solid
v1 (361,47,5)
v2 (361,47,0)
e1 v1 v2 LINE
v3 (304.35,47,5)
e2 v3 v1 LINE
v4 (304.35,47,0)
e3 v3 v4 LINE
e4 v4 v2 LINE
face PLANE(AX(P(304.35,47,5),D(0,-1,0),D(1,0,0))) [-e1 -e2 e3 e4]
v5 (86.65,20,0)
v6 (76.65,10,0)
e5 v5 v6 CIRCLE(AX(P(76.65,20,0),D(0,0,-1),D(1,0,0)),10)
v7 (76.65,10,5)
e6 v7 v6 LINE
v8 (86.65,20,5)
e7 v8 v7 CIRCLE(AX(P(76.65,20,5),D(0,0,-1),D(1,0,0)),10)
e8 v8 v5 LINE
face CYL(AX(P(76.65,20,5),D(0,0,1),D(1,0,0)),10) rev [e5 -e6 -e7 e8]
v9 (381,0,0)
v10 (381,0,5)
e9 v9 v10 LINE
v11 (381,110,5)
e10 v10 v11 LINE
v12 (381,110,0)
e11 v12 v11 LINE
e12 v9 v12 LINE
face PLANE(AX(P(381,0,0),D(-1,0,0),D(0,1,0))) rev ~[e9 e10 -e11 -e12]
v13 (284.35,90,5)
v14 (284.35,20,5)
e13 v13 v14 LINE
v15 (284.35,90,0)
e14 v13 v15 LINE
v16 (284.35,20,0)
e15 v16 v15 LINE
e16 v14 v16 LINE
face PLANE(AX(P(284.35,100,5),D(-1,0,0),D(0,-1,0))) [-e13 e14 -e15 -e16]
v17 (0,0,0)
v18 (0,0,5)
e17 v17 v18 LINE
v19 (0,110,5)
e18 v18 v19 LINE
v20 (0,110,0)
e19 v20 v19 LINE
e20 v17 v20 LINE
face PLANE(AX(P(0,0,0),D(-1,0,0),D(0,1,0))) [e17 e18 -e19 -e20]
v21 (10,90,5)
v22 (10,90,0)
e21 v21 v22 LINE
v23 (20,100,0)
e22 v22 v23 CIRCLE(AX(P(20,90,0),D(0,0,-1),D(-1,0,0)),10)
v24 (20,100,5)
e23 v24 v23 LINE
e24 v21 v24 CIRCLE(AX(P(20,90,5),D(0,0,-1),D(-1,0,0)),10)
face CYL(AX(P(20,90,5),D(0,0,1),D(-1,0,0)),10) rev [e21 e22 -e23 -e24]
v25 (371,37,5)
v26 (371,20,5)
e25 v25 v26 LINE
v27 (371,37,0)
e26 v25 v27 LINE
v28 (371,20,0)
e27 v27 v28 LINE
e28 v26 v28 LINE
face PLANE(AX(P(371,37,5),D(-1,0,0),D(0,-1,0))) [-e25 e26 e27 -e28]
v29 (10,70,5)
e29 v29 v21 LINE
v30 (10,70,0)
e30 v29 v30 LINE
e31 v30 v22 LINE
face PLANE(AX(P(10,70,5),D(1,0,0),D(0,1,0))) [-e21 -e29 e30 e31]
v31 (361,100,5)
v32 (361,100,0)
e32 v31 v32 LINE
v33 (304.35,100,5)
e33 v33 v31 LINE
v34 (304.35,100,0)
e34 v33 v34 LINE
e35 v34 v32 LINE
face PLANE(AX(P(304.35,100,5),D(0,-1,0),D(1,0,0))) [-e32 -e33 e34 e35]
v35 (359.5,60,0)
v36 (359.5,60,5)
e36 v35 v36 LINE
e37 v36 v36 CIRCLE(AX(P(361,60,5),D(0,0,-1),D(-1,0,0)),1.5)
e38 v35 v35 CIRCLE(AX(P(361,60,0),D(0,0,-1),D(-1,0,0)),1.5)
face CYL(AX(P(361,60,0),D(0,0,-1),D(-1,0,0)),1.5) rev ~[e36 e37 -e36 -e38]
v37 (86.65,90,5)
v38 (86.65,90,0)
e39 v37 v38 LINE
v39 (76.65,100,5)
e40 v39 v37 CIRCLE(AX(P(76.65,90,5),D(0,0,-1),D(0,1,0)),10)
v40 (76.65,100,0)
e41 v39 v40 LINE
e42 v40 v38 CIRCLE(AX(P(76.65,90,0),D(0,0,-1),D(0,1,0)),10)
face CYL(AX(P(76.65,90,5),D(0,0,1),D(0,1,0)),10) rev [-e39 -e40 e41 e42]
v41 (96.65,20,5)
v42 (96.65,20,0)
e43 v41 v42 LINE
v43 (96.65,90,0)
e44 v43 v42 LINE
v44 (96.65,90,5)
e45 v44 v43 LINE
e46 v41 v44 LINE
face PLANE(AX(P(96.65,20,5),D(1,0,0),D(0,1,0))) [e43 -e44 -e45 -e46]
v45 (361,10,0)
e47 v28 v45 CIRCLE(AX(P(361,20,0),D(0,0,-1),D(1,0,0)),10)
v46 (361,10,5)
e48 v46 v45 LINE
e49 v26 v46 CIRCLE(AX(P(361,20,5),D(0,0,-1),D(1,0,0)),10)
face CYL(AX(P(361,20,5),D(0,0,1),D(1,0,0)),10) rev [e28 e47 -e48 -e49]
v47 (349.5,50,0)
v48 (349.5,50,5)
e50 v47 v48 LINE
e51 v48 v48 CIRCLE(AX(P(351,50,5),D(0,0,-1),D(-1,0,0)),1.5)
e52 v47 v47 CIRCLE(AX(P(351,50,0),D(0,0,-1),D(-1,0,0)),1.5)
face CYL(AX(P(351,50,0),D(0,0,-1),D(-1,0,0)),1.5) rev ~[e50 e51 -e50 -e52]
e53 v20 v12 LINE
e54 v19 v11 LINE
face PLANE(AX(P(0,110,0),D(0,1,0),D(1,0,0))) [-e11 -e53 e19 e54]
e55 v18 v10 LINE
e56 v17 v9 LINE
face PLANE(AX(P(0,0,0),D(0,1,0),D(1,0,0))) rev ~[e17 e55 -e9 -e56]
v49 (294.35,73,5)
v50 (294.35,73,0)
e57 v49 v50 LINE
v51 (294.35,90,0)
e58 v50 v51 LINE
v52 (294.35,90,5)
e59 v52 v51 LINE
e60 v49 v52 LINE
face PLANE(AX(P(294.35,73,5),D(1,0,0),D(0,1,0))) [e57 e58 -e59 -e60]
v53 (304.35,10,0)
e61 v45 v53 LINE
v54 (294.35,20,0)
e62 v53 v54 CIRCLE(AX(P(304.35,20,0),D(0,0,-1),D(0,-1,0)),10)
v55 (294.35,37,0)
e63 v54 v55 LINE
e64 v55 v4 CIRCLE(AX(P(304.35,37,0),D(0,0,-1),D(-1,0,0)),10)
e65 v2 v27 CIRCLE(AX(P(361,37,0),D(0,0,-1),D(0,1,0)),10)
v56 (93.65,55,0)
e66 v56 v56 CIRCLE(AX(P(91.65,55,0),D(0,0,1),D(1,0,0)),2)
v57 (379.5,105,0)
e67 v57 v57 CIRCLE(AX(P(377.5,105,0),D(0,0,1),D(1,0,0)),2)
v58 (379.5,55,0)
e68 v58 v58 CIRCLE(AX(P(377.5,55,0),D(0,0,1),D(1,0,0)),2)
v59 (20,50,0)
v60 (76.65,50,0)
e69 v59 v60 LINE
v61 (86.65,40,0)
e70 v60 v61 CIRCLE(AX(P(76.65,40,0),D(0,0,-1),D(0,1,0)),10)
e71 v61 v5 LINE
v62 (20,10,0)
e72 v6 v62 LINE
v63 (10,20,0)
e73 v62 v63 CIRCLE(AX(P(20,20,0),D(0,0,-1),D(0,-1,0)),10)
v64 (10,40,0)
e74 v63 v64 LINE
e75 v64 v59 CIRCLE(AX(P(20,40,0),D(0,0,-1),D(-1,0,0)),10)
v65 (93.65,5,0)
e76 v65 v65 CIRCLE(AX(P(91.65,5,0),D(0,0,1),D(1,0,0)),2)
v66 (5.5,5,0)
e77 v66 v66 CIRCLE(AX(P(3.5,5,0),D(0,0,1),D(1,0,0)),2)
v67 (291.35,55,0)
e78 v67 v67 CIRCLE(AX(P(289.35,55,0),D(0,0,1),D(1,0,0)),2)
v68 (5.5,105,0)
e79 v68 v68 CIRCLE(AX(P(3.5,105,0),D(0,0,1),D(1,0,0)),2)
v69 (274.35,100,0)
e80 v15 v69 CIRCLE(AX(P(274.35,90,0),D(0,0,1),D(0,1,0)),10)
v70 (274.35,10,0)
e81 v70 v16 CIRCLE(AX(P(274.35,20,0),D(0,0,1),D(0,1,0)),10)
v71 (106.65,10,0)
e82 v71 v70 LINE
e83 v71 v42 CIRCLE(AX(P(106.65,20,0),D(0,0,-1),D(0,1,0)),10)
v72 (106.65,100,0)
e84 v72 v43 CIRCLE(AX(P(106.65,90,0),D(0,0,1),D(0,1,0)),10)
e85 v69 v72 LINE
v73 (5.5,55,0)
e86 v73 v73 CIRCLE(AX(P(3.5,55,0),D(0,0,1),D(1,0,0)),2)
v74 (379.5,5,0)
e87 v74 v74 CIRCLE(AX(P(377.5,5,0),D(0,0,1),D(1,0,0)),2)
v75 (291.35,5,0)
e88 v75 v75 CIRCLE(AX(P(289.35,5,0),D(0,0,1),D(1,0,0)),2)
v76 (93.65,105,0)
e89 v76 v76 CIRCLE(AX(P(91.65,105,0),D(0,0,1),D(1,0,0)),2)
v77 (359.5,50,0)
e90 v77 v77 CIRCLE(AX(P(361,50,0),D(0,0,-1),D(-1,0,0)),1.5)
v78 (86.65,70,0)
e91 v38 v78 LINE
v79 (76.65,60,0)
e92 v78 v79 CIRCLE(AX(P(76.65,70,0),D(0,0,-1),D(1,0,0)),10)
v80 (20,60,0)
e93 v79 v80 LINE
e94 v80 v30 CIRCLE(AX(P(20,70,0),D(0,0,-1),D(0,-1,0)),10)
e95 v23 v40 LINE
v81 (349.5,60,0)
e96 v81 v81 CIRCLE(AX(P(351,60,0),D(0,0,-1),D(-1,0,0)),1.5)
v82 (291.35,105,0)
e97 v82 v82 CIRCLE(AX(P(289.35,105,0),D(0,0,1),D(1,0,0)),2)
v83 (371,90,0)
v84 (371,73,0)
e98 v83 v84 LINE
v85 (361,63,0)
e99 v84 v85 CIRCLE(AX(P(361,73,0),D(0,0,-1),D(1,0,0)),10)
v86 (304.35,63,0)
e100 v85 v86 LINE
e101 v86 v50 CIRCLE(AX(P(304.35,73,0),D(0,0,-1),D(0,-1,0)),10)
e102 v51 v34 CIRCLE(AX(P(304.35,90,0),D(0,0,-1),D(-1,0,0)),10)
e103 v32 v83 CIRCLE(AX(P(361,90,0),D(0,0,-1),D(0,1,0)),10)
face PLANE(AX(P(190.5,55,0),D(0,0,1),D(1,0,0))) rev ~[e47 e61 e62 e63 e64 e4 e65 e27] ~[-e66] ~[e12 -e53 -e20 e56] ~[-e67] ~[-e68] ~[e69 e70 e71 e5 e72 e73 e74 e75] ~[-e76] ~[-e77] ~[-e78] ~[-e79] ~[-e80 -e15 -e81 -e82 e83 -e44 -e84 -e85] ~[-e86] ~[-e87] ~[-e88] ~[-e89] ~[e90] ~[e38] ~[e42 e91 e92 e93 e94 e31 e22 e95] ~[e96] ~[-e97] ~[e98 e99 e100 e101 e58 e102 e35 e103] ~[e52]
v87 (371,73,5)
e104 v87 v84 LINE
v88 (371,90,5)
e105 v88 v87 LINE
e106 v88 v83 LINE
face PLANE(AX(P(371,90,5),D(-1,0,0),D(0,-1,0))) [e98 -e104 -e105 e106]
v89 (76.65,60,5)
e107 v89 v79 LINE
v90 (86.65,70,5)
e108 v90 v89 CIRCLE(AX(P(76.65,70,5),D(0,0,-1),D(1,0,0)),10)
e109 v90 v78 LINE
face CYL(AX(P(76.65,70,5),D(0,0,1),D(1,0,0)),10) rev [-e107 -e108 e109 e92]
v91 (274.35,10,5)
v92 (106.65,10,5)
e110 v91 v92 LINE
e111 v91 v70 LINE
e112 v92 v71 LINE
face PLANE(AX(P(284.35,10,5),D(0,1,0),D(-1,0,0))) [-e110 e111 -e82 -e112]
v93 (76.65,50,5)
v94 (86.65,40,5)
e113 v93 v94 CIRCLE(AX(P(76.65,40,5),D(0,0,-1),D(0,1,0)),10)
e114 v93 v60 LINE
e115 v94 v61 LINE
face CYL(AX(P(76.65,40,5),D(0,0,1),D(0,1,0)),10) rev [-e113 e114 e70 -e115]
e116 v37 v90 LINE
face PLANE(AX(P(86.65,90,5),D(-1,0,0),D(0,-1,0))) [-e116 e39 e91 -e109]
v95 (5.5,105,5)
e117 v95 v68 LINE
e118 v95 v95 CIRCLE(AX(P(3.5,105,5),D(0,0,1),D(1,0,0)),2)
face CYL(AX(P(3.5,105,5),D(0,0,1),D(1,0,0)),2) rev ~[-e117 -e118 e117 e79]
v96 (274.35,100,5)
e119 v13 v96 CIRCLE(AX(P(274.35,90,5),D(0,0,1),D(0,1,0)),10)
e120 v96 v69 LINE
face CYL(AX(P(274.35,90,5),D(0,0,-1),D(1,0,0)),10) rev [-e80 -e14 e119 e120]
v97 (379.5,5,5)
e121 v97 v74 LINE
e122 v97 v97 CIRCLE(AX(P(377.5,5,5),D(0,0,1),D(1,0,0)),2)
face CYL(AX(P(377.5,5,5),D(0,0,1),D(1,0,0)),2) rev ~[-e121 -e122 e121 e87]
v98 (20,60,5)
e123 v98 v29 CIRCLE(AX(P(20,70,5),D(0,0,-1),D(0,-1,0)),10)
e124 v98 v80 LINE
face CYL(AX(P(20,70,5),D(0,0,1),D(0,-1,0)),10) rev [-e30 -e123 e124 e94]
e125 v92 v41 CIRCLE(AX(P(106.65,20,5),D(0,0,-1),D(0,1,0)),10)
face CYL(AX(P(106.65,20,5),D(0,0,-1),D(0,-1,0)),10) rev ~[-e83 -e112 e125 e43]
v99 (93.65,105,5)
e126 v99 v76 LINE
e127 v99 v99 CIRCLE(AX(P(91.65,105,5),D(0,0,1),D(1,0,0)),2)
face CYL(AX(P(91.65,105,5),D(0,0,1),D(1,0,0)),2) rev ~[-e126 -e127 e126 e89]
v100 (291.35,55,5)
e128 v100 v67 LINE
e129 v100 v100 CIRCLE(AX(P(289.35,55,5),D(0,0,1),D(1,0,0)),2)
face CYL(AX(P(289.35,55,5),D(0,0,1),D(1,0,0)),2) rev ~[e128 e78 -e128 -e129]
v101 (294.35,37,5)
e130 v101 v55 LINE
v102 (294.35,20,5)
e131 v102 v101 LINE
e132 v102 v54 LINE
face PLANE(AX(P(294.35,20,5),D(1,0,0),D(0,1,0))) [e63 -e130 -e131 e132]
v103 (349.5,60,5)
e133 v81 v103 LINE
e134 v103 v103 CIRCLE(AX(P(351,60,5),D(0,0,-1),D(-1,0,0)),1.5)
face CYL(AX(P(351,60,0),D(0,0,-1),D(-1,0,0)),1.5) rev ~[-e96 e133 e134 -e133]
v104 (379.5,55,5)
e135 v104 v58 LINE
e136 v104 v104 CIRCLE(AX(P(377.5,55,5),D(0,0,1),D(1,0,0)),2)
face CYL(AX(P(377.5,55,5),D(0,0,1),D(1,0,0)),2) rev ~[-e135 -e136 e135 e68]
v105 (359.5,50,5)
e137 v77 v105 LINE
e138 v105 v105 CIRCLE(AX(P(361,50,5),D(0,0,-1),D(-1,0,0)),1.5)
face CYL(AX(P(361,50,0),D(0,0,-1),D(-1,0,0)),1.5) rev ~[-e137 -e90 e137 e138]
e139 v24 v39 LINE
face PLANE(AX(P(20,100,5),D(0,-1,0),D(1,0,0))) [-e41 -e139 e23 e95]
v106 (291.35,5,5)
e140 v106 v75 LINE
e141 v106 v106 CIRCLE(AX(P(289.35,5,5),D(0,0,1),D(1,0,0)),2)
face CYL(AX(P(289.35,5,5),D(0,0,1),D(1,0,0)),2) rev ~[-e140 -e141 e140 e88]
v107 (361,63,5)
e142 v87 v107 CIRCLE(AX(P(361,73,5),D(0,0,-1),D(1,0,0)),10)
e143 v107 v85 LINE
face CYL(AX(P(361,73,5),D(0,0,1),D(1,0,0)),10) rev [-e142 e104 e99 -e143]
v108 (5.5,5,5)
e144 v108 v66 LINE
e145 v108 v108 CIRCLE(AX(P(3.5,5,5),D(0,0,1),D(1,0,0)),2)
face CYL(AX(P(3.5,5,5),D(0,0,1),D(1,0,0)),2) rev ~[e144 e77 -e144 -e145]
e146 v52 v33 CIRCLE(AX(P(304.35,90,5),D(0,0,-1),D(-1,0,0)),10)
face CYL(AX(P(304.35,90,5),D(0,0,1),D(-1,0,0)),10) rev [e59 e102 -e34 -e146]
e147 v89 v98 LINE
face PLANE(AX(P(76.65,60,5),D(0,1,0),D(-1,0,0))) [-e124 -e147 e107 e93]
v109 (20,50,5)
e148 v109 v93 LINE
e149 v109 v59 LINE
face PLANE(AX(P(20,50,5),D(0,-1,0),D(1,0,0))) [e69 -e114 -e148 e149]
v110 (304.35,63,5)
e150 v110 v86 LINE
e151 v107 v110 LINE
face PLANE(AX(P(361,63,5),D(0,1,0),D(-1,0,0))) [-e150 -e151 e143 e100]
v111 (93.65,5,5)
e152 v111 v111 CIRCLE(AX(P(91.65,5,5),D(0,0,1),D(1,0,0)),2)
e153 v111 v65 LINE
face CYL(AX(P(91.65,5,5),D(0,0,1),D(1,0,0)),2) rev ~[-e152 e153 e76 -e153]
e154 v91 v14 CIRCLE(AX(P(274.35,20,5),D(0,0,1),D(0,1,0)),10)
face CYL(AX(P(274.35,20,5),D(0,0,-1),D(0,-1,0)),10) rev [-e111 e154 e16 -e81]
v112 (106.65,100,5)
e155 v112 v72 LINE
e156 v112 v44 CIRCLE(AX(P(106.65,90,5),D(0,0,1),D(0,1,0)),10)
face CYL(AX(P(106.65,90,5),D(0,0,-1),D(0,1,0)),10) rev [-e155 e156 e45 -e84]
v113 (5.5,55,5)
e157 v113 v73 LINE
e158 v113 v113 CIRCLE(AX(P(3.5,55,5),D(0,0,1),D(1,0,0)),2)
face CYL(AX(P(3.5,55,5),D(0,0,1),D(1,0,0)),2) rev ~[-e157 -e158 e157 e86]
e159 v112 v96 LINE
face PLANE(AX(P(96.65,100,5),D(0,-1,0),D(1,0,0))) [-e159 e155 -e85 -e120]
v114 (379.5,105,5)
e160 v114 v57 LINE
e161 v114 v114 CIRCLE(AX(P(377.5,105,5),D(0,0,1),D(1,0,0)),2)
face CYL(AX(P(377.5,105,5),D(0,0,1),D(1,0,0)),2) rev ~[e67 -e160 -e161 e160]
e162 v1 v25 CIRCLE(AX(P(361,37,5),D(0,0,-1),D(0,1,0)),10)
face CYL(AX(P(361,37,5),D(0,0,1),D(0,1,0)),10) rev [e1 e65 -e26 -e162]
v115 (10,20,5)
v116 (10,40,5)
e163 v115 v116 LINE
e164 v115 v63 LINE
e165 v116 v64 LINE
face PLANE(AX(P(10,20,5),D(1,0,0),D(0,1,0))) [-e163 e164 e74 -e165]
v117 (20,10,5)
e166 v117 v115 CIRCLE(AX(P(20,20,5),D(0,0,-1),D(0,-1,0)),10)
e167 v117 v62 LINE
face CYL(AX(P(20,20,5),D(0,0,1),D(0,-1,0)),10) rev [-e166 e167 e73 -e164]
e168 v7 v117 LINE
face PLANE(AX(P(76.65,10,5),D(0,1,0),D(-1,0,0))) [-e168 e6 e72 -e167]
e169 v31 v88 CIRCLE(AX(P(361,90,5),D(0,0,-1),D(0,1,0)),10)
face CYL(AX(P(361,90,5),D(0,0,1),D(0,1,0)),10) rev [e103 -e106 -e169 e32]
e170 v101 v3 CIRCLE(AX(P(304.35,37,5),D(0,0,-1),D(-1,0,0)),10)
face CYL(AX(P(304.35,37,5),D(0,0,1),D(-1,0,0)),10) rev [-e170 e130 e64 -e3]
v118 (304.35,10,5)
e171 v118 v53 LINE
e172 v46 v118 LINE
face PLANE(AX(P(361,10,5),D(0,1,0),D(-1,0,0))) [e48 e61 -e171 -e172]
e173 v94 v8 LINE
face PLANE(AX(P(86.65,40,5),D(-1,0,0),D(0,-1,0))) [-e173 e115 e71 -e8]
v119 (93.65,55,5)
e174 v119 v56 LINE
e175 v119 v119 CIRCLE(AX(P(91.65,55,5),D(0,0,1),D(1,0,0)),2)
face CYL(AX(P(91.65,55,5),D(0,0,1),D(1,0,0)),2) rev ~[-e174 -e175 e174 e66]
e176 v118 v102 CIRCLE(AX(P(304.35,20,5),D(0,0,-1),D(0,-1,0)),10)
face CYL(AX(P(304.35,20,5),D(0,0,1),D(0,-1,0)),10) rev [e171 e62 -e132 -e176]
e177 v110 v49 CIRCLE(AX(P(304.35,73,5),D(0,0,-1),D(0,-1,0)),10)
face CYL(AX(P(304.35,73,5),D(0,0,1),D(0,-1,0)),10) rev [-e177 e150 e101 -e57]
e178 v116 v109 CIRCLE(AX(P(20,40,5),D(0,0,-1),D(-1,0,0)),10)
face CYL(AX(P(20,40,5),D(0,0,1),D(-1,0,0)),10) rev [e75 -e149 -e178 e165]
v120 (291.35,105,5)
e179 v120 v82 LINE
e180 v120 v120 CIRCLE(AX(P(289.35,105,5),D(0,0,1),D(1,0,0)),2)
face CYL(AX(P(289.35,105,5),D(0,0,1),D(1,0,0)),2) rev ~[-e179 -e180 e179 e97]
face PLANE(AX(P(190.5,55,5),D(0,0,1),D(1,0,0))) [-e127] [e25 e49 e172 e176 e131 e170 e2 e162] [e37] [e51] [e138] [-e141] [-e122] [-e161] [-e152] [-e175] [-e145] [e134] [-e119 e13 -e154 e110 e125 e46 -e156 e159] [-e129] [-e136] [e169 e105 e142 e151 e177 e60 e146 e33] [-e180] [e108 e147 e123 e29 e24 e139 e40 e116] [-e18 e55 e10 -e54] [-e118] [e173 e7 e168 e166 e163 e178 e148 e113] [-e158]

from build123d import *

# Parameters (mm, degrees)
SKETCH_1_W          = 381
SKETCH_1_H          = 110
EXTRUDE_1_DEPTH     = 5
SKETCH_2_R          = 2
CUT_EXTRUDE_1_DEPTH = 5
CUT_EXTRUDE_2_DEPTH = 5
SKETCH_6_R          = 1.5
CUT_EXTRUDE_3_DEPTH = 5
CUT_EXTRUDE_4_DEPTH = 10
FILLET_1_R          = 10


with BuildPart() as part:
    # 草图1 → 凸台-拉伸1 (new body)
    with BuildSketch(Plane.XY):
        with Locations((190.5, 55)):
            Rectangle(SKETCH_1_W, SKETCH_1_H)
    extrude(amount=EXTRUDE_1_DEPTH)

    # 草图2 → 切除-拉伸1 (cut)
    with BuildSketch(Plane.XY.offset(5)):
        with Locations((3.5, 105)):
            Circle(SKETCH_2_R)
        with Locations((3.5, 55)):
            Circle(SKETCH_2_R)
        with Locations((3.5, 5)):
            Circle(SKETCH_2_R)
        with Locations((377.5, 105)):
            Circle(SKETCH_2_R)
        with Locations((377.5, 55)):
            Circle(SKETCH_2_R)
        with Locations((377.5, 5)):
            Circle(SKETCH_2_R)
        with Locations((91.65, 105)):
            Circle(SKETCH_2_R)
        with Locations((91.65, 55)):
            Circle(SKETCH_2_R)
        with Locations((91.65, 5)):
            Circle(SKETCH_2_R)
        with Locations((289.35, 105)):
            Circle(SKETCH_2_R)
        with Locations((289.35, 55)):
            Circle(SKETCH_2_R)
        with Locations((289.35, 5)):
            Circle(SKETCH_2_R)
    extrude(amount=-CUT_EXTRUDE_1_DEPTH, mode=Mode.SUBTRACT)

    # 草图3 → 切除-拉伸2 (cut)
    with BuildSketch(Plane.XY.offset(5)):
        with BuildLine():
            Line((20, 100), (76.65, 100))
            ThreePointArc((76.65, 100), (83.721067812, 97.071067812), (86.65, 90))
            Line((86.65, 90), (86.65, 70))
            ThreePointArc((86.65, 70), (83.721067812, 62.928932188), (76.65, 60))
            Line((76.65, 60), (20, 60))
            ThreePointArc((20, 60), (12.928932188, 62.928932188), (10, 70))
            Line((10, 70), (10, 90))
            ThreePointArc((10, 90), (12.928932188, 97.071067812), (20, 100))
        make_face()
        with BuildLine():
            Line((20, 50), (76.65, 50))
            ThreePointArc((76.65, 50), (83.721067812, 47.071067812), (86.65, 40))
            Line((86.65, 40), (86.65, 20))
            ThreePointArc((86.65, 20), (83.721067812, 12.928932188), (76.65, 10))
            Line((76.65, 10), (20, 10))
            ThreePointArc((20, 10), (12.928932188, 12.928932188), (10, 20))
            Line((10, 20), (10, 40))
            ThreePointArc((10, 40), (12.928932188, 47.071067812), (20, 50))
        make_face()
        with BuildLine():
            Line((106.65, 100), (274.35, 100))
            ThreePointArc((274.35, 100), (281.421067812, 97.071067812), (284.35, 90))
            Line((284.35, 90), (284.35, 70))
            ThreePointArc((284.35, 70), (281.421067812, 62.928932188), (274.35, 60))
            Line((274.35, 60), (106.65, 60))
            ThreePointArc((106.65, 60), (99.578932188, 62.928932188), (96.65, 70))
            Line((96.65, 70), (96.65, 90))
            ThreePointArc((96.65, 90), (99.578932188, 97.071067812), (106.65, 100))
        make_face()
        with BuildLine():
            Line((106.65, 50), (274.35, 50))
            ThreePointArc((274.35, 50), (281.421067812, 47.071067812), (284.35, 40))
            Line((284.35, 40), (284.35, 20))
            ThreePointArc((284.35, 20), (281.421067812, 12.928932188), (274.35, 10))
            Line((274.35, 10), (106.65, 10))
            ThreePointArc((106.65, 10), (99.578932188, 12.928932188), (96.65, 20))
            Line((96.65, 20), (96.65, 40))
            ThreePointArc((96.65, 40), (99.578932188, 47.071067812), (106.65, 50))
        make_face()
        with BuildLine():
            Line((304.35, 100), (361, 100))
            ThreePointArc((361, 100), (368.071067812, 97.071067812), (371, 90))
            Line((371, 90), (371, 73))
            ThreePointArc((371, 73), (368.071067812, 65.928932188), (361, 63))
            Line((361, 63), (304.35, 63))
            ThreePointArc((304.35, 63), (297.278932188, 65.928932188), (294.35, 73))
            Line((294.35, 73), (294.35, 90))
            ThreePointArc((294.35, 90), (297.278932188, 97.071067812), (304.35, 100))
        make_face()
        with BuildLine():
            Line((304.35, 47), (361, 47))
            ThreePointArc((361, 47), (368.071067812, 44.071067812), (371, 37))
            Line((371, 37), (371, 20))
            ThreePointArc((371, 20), (368.071067812, 12.928932188), (361, 10))
            Line((361, 10), (304.35, 10))
            ThreePointArc((304.35, 10), (297.278932188, 12.928932188), (294.35, 20))
            Line((294.35, 20), (294.35, 37))
            ThreePointArc((294.35, 37), (297.278932188, 44.071067812), (304.35, 47))
        make_face()
    extrude(amount=-CUT_EXTRUDE_2_DEPTH, mode=Mode.SUBTRACT)

    # 草图6 → 切除-拉伸3 (cut)
    with BuildSketch(Plane(origin=(0, 0, 0), x_dir=(-1, 0, 0), z_dir=(0, 0, -1))):
        with Locations((-361, 60)):
            Circle(SKETCH_6_R)
        with Locations((-351, 60)):
            Circle(SKETCH_6_R)
        with Locations((-361, 50)):
            Circle(SKETCH_6_R)
        with Locations((-351, 50)):
            Circle(SKETCH_6_R)
    extrude(amount=-CUT_EXTRUDE_3_DEPTH, mode=Mode.SUBTRACT)

    # 草图7 → 切除-拉伸4 (cut)
    with BuildSketch(Plane.XY.offset(5)):
        Polygon((96.65, 90), (96.65, 100), (284.35, 100), (284.35, 10), (96.65, 10), align=None)
    extrude(amount=-CUT_EXTRUDE_4_DEPTH, mode=Mode.SUBTRACT)

    # 圆角1
    fillet_1_edges = [part.edges().sort_by_distance(p)[0] for p in [
        (96.65, 100, 2.5),
        (96.65, 10, 2.5),
        (284.35, 100, 2.5),
        (284.35, 10, 2.5),
    ]]
    fillet(fillet_1_edges, radius=FILLET_1_R)


solid = part.part
